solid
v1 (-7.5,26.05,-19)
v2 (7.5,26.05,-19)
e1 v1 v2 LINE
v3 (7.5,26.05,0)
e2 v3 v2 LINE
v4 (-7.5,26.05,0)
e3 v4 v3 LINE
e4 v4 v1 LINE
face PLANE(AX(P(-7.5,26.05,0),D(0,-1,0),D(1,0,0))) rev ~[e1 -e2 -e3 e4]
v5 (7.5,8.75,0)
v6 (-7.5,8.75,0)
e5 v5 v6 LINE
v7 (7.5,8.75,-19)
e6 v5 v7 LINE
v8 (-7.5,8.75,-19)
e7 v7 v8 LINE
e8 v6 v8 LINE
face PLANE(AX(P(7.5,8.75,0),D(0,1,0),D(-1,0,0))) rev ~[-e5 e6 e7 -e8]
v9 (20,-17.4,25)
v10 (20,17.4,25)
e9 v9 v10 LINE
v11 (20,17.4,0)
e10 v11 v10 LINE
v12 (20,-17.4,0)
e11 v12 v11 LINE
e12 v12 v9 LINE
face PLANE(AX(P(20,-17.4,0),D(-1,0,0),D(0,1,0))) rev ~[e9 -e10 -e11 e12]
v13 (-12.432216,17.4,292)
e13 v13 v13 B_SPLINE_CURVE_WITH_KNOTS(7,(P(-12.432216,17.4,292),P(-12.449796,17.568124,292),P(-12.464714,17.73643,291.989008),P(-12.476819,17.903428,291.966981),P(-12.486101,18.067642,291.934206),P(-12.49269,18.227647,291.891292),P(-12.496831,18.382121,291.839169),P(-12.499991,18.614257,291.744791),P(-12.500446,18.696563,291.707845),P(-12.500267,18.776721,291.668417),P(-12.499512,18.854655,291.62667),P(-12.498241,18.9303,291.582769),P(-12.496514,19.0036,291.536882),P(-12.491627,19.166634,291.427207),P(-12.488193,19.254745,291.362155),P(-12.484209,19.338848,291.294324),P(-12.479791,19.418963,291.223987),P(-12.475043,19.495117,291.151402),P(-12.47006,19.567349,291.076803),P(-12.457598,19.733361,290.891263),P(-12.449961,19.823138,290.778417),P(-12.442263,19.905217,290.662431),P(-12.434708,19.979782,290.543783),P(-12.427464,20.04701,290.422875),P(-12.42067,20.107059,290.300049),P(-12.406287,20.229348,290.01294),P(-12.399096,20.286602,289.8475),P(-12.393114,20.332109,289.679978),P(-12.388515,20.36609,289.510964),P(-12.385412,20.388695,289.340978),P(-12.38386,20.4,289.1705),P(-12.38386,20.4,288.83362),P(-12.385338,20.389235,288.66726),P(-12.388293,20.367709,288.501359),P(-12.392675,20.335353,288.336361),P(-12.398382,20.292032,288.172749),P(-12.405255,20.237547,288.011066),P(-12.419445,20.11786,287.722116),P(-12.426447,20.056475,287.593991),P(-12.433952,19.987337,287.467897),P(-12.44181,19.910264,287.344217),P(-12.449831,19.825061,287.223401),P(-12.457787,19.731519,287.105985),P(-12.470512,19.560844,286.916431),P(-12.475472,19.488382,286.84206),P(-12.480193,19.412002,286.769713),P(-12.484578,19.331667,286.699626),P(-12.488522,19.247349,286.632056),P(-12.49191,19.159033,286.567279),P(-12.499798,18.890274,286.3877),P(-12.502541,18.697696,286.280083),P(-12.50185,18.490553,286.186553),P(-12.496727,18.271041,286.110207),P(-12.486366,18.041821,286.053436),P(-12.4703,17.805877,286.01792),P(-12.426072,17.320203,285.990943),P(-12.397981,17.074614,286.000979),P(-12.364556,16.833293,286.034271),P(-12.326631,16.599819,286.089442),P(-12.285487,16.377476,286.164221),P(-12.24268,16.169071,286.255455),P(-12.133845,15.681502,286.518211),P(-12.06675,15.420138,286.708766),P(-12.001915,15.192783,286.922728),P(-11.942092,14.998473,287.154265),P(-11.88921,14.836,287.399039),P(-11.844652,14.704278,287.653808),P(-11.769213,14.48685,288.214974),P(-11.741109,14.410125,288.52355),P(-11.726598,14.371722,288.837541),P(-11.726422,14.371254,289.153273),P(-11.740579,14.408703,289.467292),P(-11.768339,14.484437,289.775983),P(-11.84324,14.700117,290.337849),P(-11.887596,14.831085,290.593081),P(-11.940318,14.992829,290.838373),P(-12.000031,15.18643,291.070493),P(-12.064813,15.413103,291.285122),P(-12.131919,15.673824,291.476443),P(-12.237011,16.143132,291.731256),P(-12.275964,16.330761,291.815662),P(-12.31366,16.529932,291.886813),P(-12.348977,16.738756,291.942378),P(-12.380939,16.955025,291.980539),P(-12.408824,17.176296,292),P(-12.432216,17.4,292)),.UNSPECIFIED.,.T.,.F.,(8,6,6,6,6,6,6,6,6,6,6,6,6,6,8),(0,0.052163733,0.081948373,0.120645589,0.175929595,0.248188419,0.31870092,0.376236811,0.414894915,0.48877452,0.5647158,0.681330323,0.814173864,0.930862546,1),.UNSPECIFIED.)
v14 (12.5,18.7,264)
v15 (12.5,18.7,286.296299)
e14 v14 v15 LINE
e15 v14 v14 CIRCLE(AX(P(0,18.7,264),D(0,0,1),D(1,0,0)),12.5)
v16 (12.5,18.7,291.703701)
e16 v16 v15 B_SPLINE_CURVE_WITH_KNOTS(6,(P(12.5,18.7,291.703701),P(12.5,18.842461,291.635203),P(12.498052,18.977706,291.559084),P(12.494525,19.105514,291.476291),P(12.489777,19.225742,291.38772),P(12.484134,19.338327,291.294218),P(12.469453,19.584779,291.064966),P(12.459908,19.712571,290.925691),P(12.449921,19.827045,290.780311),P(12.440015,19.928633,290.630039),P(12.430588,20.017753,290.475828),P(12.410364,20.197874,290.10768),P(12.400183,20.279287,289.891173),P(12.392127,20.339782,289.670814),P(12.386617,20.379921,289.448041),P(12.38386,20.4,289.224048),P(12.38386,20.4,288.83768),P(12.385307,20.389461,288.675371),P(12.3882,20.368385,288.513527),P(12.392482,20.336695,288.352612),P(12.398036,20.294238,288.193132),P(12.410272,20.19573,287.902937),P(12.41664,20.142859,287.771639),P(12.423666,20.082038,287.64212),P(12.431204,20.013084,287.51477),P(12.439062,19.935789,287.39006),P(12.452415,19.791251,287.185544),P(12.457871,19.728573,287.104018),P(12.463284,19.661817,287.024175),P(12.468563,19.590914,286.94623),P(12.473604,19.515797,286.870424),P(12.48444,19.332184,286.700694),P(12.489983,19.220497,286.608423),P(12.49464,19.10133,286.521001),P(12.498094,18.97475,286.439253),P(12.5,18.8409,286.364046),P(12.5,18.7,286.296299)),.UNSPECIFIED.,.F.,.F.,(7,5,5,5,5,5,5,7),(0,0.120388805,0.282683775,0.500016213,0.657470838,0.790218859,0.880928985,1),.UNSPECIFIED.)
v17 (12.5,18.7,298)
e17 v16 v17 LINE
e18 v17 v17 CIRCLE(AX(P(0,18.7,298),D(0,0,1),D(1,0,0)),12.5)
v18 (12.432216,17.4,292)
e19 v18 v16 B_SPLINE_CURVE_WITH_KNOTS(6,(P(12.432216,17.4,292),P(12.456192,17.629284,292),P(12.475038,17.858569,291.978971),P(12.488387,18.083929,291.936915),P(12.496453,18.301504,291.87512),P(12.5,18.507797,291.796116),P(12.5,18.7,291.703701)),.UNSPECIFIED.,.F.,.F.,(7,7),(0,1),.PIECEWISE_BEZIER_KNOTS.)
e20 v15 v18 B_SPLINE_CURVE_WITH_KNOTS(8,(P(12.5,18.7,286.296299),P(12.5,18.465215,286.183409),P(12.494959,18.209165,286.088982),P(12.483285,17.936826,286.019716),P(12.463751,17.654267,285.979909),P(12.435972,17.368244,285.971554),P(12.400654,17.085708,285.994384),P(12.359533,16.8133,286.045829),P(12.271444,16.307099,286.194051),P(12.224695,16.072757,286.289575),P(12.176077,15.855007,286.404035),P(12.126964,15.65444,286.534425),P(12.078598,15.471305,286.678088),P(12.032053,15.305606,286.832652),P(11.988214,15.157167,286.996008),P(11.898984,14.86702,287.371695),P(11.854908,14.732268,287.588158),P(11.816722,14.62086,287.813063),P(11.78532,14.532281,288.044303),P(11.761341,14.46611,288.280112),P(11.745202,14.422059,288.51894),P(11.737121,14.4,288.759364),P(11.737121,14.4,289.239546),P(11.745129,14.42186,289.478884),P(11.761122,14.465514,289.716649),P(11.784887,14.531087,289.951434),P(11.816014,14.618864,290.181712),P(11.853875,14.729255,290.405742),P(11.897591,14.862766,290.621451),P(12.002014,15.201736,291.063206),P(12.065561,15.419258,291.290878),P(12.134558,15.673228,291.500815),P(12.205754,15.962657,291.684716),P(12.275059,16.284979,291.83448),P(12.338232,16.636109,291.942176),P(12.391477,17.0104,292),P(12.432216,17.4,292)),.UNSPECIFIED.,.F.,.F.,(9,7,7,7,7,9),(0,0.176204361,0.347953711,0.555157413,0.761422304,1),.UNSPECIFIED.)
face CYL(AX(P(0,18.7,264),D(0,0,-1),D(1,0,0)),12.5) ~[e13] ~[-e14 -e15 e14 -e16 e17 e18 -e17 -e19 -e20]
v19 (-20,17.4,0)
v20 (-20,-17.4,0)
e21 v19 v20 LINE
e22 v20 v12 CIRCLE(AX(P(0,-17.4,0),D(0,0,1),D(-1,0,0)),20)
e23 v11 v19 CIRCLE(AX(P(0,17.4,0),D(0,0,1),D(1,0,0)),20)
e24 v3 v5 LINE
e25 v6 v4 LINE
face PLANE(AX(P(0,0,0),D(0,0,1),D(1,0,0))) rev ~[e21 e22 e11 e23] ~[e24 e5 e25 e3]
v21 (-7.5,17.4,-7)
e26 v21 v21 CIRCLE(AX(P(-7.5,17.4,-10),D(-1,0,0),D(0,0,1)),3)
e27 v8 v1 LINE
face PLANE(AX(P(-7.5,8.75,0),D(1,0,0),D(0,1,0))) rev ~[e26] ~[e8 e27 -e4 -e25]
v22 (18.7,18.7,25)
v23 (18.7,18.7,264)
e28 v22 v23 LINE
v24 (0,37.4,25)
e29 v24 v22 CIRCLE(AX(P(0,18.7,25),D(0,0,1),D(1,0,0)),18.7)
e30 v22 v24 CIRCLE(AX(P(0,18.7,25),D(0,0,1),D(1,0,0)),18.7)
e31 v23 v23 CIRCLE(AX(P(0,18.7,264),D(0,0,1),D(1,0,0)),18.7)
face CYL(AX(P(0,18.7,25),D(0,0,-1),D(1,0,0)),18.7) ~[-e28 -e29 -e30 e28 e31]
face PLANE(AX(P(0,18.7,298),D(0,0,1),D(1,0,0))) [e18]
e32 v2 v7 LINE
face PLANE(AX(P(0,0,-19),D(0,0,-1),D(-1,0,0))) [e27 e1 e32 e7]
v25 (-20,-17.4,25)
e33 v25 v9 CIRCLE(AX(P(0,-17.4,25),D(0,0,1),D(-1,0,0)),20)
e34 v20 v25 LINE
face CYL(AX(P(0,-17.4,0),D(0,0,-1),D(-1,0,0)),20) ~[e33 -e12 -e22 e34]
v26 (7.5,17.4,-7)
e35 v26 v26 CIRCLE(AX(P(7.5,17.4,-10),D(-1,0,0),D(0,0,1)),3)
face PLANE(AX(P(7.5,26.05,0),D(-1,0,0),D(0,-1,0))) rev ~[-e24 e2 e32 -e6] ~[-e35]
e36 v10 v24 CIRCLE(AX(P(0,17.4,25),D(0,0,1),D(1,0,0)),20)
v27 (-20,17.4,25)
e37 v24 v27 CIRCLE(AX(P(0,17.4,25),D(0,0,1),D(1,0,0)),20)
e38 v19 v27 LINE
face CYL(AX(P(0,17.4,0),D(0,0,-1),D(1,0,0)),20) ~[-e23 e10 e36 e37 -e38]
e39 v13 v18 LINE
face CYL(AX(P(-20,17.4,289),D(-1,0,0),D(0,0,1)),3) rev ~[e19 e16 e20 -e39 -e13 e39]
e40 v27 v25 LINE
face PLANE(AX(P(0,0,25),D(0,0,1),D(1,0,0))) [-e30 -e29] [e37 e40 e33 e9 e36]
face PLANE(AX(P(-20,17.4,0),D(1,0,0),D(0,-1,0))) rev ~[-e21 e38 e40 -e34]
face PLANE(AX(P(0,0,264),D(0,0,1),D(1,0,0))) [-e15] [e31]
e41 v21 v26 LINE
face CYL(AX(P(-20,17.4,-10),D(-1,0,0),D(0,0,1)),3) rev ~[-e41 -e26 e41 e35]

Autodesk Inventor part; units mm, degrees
ref_plane "YZ Plane" through (0, 0, 0) normal (1, 0, 0) x (0, 1, 0)
ref_plane "XZ Plane" through (0, 0, 0) normal (0, 1, 0) x (-1, 0, 0)
ref_plane "XY Plane" through (0, 0, 0) normal (0, 0, 1) x (1, 0, 0)
sketch "스케치1" plane through (0, 0, 0) normal (0, 0, 1) x (1, 0, 0)
  line L0 (0, 17.4) -> (0, -17.4) construction
  line L1 (-20, 17.4) -> (-20, -17.4)
  line L2 (20, -17.4) -> (20, 17.4)
  arc A0 (20, 17.4) -> (-20, 17.4) centre (0, 17.4) ccw
  arc A1 (-20, -17.4) -> (20, -17.4) centre (0, -17.4) ccw
  point P0 (0, 0)
  point P1 (0, 0)
  dimension "d0" = 34.8
  dimension "d1" = 40
extrude "돌출1" add sketch "스케치1" along normal blind 25
sketch "스케치2" plane through (0, 0, 25) normal (0, 0, 1) x (1, 0, 0)
  circle A0 centre (0, 18.7) radius 18.7
  point P0 (0, 0)
  dimension "d4" = 37.4
extrude "돌출2" add sketch "스케치2" along normal blind 239
sketch "스케치3" plane through (0, 18.7, 264) normal (0, 0, 1) x (1, 0, 0)
  circle A0 centre (0, 0) radius 12.5
  point P0 (0, -18.7)
  dimension "d7" = 25
extrude "돌출3" add sketch "스케치3" along normal blind 34
sketch "스케치5" plane through (0, 0, 0) normal (0, 0, -1) x (-1, 0, 0)
  line L0 (-7.5, 8.75) -> (7.5, 8.75)
  line L1 (7.5, 8.75) -> (7.5, 26.05)
  line L2 (7.5, 26.05) -> (-7.5, 26.05)
  line L3 (-7.5, 26.05) -> (-7.5, 8.75)
  arc A0 (20, 17.4) -> (-20, 17.4) centre (0, 17.4) ccw projected
  point P0 (0, 0)
  dimension "d10" = 15
  dimension "d11" = 17.3
  dimension "d12" = 8.65
  dimension "d13" = 7.5
extrude "돌출4" add sketch "스케치5" along normal blind 19
sketch "스케치6" plane through (-20, -17.4, 0) normal (-1, 0, 0) x (0, 0, 1)
  circle A0 centre (-10, 34.8) radius 3
  line L0 (-19, 26.15) -> (-19, 43.45) projected
  line L1 (0, 43.45) -> (-19, 43.45) projected
  circle A1 centre (289, 34.8) radius 3
  line L2 (0, 0) -> (25, 0) projected
  point P0 (0, 17.4)
  dimension "d16" = 6
  dimension "d17" = 9
  dimension "d18" = 8.65
  dimension "d19" = 299
  dimension "d20" = 34.8
  dimension "d21" = 6
extrude "돌출5" cut sketch "스케치6" against normal through all
properties part number "높이조절 액추에이터_최대" material "알루미늄 6061"
